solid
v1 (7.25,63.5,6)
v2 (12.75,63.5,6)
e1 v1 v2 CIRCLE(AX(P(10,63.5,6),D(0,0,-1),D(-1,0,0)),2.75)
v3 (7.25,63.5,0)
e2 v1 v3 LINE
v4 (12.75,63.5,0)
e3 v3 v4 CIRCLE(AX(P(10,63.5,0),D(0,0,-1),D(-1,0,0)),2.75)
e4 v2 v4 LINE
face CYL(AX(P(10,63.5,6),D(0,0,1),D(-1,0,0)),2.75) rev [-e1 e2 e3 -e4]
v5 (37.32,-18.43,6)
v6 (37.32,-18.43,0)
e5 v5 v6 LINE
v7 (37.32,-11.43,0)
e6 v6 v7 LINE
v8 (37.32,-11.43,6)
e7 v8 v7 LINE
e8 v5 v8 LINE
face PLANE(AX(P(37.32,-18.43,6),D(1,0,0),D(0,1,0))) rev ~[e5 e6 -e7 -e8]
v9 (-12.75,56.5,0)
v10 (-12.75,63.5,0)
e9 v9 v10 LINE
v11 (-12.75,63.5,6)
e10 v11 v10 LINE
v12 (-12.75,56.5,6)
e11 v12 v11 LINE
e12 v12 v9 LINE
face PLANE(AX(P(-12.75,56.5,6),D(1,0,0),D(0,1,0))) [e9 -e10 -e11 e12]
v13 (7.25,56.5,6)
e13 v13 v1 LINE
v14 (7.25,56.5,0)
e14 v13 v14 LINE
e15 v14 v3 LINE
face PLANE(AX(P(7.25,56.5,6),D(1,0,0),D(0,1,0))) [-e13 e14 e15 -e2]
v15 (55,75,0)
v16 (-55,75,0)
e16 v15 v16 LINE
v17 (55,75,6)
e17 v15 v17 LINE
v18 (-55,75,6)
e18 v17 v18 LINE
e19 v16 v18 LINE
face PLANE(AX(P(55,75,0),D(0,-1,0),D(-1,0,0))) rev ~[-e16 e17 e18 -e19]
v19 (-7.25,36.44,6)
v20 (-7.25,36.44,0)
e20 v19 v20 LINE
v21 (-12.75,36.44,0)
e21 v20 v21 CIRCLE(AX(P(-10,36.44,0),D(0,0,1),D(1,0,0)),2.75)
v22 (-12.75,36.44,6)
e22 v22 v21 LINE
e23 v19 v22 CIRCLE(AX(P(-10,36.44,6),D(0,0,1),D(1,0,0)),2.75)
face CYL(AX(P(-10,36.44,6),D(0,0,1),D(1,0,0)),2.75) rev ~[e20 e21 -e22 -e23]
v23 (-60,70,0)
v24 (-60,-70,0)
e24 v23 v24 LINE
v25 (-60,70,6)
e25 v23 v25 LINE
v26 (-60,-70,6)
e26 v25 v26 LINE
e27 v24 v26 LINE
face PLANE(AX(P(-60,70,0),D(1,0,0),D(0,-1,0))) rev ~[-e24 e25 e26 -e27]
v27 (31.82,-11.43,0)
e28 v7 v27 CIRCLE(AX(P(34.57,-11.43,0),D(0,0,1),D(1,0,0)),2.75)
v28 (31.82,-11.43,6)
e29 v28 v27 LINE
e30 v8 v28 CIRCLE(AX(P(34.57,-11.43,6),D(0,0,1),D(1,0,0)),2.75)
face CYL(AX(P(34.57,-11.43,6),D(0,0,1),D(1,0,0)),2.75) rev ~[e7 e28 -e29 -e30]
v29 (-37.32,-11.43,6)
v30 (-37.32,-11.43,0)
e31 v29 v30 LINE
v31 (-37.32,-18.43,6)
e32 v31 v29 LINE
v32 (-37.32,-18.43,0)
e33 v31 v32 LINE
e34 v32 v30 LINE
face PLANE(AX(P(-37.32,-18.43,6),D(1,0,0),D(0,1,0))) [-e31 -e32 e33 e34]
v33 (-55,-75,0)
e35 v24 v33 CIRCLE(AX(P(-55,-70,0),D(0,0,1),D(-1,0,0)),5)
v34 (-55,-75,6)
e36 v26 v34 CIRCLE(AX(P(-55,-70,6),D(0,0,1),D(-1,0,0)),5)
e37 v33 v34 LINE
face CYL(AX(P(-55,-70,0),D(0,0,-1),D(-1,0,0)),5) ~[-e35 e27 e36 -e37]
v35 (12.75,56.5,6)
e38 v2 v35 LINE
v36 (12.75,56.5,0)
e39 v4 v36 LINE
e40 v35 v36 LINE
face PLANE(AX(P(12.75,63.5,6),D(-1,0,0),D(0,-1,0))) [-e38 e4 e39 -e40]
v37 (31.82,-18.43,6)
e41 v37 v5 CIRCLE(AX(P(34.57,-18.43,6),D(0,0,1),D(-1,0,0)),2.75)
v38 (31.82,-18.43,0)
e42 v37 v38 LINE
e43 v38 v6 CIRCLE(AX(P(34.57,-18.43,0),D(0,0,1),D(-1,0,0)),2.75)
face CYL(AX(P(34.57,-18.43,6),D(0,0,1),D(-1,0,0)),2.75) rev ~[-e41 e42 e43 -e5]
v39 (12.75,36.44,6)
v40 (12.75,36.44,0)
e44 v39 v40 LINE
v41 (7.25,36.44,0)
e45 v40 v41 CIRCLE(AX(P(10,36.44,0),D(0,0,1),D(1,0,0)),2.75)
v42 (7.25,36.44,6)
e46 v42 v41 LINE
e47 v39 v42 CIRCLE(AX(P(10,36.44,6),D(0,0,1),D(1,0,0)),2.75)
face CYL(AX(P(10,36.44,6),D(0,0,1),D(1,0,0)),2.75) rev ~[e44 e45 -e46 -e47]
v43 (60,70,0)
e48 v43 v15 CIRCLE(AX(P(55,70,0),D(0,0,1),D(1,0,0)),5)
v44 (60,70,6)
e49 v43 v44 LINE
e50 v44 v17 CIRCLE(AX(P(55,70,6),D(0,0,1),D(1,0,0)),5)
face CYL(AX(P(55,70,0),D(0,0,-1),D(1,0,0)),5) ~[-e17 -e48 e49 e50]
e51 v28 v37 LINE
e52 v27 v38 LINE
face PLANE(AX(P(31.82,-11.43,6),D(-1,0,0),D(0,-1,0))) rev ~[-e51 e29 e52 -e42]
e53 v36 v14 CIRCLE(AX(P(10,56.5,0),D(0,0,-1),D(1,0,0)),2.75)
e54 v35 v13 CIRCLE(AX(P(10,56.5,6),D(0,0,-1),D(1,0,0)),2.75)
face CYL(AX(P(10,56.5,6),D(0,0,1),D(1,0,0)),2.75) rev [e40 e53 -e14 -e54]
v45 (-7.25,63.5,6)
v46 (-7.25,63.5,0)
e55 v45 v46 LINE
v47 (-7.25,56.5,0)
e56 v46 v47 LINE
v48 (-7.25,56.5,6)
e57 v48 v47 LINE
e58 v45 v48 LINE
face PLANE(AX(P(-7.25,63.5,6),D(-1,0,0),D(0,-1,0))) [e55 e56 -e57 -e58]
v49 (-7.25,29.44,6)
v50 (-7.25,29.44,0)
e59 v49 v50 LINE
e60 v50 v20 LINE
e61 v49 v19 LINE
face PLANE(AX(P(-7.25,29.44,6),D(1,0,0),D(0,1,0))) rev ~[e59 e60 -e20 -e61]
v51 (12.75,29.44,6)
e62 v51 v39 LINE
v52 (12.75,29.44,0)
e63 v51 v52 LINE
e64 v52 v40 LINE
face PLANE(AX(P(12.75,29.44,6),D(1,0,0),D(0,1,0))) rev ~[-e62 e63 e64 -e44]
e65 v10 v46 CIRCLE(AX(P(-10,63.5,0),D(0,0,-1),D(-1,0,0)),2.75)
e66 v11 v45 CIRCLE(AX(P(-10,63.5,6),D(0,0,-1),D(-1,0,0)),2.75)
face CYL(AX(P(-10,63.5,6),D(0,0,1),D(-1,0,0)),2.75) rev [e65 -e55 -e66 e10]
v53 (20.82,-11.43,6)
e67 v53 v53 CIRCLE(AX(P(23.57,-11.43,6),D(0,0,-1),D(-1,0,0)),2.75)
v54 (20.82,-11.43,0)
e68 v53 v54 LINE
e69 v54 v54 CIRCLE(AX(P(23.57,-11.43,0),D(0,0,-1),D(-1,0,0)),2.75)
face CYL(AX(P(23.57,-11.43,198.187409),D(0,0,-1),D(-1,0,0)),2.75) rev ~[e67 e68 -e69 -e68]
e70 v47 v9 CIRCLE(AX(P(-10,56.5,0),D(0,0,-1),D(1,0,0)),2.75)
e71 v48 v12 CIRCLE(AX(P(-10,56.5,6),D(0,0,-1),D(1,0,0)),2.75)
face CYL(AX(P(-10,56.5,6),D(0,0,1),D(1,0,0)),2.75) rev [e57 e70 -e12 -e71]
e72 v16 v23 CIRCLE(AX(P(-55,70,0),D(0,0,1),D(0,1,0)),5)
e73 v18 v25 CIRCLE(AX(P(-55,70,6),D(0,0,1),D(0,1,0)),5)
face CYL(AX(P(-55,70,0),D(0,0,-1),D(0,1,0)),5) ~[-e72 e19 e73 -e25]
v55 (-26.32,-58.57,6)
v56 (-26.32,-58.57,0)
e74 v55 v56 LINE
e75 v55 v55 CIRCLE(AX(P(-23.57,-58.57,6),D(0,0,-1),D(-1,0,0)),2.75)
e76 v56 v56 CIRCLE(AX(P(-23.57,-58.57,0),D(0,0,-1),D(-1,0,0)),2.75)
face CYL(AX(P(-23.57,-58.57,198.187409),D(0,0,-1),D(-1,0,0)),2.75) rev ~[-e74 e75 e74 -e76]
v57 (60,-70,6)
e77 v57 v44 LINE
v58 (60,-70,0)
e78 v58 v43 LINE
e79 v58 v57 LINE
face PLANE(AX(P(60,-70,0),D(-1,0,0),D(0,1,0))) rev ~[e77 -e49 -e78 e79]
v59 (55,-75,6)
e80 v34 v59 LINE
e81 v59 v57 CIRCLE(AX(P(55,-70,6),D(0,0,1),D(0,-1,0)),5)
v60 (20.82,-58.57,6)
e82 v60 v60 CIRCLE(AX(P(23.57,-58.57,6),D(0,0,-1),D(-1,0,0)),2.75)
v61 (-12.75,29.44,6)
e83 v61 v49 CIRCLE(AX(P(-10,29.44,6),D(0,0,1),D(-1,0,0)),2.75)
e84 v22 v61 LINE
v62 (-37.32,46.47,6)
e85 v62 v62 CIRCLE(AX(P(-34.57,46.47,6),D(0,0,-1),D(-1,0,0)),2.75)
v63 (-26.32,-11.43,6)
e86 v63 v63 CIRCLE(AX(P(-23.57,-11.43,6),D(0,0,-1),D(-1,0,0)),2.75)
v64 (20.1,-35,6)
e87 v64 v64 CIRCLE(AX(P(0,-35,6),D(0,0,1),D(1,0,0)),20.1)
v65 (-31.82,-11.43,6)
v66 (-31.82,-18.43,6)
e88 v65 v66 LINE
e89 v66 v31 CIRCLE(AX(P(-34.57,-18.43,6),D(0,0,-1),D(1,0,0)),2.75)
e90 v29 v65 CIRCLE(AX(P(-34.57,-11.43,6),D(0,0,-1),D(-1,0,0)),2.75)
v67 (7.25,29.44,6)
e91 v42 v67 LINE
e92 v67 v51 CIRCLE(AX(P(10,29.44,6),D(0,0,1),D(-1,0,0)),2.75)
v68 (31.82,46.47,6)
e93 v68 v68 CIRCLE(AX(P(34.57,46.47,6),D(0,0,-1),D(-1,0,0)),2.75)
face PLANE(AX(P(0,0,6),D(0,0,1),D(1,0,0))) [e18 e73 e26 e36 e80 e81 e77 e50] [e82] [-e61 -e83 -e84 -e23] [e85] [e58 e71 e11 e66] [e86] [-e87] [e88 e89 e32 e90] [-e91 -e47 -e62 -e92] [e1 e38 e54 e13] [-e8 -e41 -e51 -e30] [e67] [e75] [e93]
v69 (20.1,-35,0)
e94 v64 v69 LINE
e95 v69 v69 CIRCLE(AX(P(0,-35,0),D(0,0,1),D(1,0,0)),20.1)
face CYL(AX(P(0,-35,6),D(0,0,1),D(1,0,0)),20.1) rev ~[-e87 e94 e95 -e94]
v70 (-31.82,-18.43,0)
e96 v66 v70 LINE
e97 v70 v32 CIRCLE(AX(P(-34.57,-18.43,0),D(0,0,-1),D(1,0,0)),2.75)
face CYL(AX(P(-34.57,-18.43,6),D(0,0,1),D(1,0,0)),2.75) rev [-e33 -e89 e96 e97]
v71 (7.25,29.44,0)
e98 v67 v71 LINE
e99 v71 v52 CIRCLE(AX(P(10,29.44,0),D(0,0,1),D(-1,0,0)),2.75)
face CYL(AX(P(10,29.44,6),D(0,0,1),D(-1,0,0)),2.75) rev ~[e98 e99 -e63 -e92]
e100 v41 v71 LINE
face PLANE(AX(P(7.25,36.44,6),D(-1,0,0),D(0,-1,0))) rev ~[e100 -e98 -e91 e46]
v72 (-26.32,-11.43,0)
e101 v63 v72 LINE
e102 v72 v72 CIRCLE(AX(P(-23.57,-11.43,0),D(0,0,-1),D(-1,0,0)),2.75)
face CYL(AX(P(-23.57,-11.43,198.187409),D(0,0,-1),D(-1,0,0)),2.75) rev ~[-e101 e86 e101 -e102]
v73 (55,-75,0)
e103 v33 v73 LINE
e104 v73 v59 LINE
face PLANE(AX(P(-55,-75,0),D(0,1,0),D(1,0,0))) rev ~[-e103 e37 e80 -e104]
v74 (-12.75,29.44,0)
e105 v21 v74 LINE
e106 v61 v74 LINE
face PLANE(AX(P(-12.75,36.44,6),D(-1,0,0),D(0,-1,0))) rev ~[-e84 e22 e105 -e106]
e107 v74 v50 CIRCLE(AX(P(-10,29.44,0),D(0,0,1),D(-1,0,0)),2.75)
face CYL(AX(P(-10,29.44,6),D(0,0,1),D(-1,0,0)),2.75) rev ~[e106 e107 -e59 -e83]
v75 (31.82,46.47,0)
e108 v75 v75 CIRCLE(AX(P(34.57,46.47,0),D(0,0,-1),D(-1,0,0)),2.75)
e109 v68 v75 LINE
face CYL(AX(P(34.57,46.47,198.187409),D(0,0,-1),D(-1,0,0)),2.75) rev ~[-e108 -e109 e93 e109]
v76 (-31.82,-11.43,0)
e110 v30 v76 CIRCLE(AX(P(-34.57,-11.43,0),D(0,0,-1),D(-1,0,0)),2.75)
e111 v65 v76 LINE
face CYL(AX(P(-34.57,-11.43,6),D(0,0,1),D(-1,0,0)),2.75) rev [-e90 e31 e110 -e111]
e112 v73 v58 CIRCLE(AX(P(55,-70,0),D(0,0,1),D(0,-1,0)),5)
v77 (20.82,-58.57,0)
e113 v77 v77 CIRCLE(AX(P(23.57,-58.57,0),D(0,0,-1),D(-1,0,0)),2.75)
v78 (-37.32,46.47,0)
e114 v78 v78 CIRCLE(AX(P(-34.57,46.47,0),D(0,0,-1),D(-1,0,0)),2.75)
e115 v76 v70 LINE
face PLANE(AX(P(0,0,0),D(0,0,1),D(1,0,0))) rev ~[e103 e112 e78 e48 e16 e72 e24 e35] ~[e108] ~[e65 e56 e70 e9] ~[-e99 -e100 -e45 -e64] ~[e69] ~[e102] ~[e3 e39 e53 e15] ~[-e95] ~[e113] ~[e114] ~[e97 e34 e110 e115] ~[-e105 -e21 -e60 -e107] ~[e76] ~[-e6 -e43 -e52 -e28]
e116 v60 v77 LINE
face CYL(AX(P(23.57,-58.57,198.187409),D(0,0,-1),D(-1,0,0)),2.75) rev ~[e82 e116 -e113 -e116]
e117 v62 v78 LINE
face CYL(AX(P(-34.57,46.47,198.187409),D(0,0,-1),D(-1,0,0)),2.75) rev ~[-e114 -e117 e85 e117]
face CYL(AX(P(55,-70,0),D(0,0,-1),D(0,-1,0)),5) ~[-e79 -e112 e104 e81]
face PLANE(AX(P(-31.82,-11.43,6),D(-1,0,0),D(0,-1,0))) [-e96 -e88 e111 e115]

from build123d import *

# Parameters (mm, degrees)
BOSS_EXTRUDE1_DEPTH  = 6
SKETCH4_R            = 20.1
CUT_EXTRUDE1_DEPTH   = 6
M5_CLEARANCE_HOLE1_D = 5.5
CUT_EXTRUDE2_DEPTH   = 6
M5_CLEARANCE_HOLE2_D = 5.5
CUT_EXTRUDE3_DEPTH   = 6


with BuildPart() as part:
    # Sketch3 → Boss-Extrude1 (new body)
    with BuildSketch(Plane.XY):
        with BuildLine():
            Line((-55, -75), (55, -75))
            ThreePointArc((55, -75), (58.535533906, -73.535533906), (60, -70))
            Line((60, -70), (60, 70))
            ThreePointArc((60, 70), (58.535533906, 73.535533906), (55, 75))
            Line((55, 75), (-55, 75))
            ThreePointArc((-55, 75), (-58.535533906, 73.535533906), (-60, 70))
            Line((-60, 70), (-60, -70))
            ThreePointArc((-60, -70), (-58.535533906, -73.535533906), (-55, -75))
        make_face()
    extrude(amount=BOSS_EXTRUDE1_DEPTH)

    # Sketch4 → Cut-Extrude1 (cut)
    with BuildSketch(Plane.XY.offset(6)):
        with Locations((0, -35)):
            Circle(SKETCH4_R)
    extrude(amount=-CUT_EXTRUDE1_DEPTH, mode=Mode.SUBTRACT)

    # M5 Clearance Hole1 (through all)
    with Locations(Plane.XY.offset(6)):
        with Locations((-23.57, -11.43), (23.57, -11.43), (23.57, -58.57), (-23.57, -58.57)):
            Hole(M5_CLEARANCE_HOLE1_D / 2)

    # Sketch7 → Cut-Extrude2 (cut)
    with BuildSketch(Plane.XY.offset(6)):
        with BuildLine():
            Line((-31.82, -11.43), (-31.82, -18.43))
            ThreePointArc((-31.82, -18.43), (-34.57, -21.18), (-37.32, -18.43))
            Line((-37.32, -18.43), (-37.32, -11.43))
            ThreePointArc((-37.32, -11.43), (-34.57, -8.68), (-31.82, -11.43))
        make_face()
        with BuildLine():
            Line((31.82, -11.43), (31.82, -18.43))
            ThreePointArc((31.82, -18.43), (34.57, -21.18), (37.32, -18.43))
            Line((37.32, -18.43), (37.32, -11.43))
            ThreePointArc((37.32, -11.43), (34.57, -8.68), (31.82, -11.43))
        make_face()
    extrude(amount=-CUT_EXTRUDE2_DEPTH, mode=Mode.SUBTRACT)

    # M5 Clearance Hole2 (through all)
    with Locations(Plane.XY.offset(6)):
        with Locations((-34.57, 46.47), (34.57, 46.47)):
            Hole(M5_CLEARANCE_HOLE2_D / 2)

    # Sketch10 → Cut-Extrude3 (cut)
    with BuildSketch(Plane.XY.offset(6)):
        with BuildLine():
            Line((-7.25, 63.5), (-7.25, 56.5))
            ThreePointArc((-7.25, 56.5), (-10, 53.75), (-12.75, 56.5))
            Line((-12.75, 56.5), (-12.75, 63.5))
            ThreePointArc((-12.75, 63.5), (-10, 66.25), (-7.25, 63.5))
        make_face()
        with BuildLine():
            Line((12.75, 63.5), (12.75, 56.5))
            ThreePointArc((12.75, 56.5), (10, 53.75), (7.25, 56.5))
            Line((7.25, 56.5), (7.25, 63.5))
            ThreePointArc((7.25, 63.5), (10, 66.25), (12.75, 63.5))
        make_face()
        with BuildLine():
            Line((-7.25, 29.44), (-7.25, 36.44))
            ThreePointArc((-7.25, 36.44), (-10, 39.19), (-12.75, 36.44))
            Line((-12.75, 36.44), (-12.75, 29.44))
            ThreePointArc((-12.75, 29.44), (-10, 26.69), (-7.25, 29.44))
        make_face()
        with BuildLine():
            Line((12.75, 29.44), (12.75, 36.44))
            ThreePointArc((12.75, 36.44), (10, 39.19), (7.25, 36.44))
            Line((7.25, 36.44), (7.25, 29.44))
            ThreePointArc((7.25, 29.44), (10, 26.69), (12.75, 29.44))
        make_face()
    extrude(amount=-CUT_EXTRUDE3_DEPTH, mode=Mode.SUBTRACT)


solid = part.part
